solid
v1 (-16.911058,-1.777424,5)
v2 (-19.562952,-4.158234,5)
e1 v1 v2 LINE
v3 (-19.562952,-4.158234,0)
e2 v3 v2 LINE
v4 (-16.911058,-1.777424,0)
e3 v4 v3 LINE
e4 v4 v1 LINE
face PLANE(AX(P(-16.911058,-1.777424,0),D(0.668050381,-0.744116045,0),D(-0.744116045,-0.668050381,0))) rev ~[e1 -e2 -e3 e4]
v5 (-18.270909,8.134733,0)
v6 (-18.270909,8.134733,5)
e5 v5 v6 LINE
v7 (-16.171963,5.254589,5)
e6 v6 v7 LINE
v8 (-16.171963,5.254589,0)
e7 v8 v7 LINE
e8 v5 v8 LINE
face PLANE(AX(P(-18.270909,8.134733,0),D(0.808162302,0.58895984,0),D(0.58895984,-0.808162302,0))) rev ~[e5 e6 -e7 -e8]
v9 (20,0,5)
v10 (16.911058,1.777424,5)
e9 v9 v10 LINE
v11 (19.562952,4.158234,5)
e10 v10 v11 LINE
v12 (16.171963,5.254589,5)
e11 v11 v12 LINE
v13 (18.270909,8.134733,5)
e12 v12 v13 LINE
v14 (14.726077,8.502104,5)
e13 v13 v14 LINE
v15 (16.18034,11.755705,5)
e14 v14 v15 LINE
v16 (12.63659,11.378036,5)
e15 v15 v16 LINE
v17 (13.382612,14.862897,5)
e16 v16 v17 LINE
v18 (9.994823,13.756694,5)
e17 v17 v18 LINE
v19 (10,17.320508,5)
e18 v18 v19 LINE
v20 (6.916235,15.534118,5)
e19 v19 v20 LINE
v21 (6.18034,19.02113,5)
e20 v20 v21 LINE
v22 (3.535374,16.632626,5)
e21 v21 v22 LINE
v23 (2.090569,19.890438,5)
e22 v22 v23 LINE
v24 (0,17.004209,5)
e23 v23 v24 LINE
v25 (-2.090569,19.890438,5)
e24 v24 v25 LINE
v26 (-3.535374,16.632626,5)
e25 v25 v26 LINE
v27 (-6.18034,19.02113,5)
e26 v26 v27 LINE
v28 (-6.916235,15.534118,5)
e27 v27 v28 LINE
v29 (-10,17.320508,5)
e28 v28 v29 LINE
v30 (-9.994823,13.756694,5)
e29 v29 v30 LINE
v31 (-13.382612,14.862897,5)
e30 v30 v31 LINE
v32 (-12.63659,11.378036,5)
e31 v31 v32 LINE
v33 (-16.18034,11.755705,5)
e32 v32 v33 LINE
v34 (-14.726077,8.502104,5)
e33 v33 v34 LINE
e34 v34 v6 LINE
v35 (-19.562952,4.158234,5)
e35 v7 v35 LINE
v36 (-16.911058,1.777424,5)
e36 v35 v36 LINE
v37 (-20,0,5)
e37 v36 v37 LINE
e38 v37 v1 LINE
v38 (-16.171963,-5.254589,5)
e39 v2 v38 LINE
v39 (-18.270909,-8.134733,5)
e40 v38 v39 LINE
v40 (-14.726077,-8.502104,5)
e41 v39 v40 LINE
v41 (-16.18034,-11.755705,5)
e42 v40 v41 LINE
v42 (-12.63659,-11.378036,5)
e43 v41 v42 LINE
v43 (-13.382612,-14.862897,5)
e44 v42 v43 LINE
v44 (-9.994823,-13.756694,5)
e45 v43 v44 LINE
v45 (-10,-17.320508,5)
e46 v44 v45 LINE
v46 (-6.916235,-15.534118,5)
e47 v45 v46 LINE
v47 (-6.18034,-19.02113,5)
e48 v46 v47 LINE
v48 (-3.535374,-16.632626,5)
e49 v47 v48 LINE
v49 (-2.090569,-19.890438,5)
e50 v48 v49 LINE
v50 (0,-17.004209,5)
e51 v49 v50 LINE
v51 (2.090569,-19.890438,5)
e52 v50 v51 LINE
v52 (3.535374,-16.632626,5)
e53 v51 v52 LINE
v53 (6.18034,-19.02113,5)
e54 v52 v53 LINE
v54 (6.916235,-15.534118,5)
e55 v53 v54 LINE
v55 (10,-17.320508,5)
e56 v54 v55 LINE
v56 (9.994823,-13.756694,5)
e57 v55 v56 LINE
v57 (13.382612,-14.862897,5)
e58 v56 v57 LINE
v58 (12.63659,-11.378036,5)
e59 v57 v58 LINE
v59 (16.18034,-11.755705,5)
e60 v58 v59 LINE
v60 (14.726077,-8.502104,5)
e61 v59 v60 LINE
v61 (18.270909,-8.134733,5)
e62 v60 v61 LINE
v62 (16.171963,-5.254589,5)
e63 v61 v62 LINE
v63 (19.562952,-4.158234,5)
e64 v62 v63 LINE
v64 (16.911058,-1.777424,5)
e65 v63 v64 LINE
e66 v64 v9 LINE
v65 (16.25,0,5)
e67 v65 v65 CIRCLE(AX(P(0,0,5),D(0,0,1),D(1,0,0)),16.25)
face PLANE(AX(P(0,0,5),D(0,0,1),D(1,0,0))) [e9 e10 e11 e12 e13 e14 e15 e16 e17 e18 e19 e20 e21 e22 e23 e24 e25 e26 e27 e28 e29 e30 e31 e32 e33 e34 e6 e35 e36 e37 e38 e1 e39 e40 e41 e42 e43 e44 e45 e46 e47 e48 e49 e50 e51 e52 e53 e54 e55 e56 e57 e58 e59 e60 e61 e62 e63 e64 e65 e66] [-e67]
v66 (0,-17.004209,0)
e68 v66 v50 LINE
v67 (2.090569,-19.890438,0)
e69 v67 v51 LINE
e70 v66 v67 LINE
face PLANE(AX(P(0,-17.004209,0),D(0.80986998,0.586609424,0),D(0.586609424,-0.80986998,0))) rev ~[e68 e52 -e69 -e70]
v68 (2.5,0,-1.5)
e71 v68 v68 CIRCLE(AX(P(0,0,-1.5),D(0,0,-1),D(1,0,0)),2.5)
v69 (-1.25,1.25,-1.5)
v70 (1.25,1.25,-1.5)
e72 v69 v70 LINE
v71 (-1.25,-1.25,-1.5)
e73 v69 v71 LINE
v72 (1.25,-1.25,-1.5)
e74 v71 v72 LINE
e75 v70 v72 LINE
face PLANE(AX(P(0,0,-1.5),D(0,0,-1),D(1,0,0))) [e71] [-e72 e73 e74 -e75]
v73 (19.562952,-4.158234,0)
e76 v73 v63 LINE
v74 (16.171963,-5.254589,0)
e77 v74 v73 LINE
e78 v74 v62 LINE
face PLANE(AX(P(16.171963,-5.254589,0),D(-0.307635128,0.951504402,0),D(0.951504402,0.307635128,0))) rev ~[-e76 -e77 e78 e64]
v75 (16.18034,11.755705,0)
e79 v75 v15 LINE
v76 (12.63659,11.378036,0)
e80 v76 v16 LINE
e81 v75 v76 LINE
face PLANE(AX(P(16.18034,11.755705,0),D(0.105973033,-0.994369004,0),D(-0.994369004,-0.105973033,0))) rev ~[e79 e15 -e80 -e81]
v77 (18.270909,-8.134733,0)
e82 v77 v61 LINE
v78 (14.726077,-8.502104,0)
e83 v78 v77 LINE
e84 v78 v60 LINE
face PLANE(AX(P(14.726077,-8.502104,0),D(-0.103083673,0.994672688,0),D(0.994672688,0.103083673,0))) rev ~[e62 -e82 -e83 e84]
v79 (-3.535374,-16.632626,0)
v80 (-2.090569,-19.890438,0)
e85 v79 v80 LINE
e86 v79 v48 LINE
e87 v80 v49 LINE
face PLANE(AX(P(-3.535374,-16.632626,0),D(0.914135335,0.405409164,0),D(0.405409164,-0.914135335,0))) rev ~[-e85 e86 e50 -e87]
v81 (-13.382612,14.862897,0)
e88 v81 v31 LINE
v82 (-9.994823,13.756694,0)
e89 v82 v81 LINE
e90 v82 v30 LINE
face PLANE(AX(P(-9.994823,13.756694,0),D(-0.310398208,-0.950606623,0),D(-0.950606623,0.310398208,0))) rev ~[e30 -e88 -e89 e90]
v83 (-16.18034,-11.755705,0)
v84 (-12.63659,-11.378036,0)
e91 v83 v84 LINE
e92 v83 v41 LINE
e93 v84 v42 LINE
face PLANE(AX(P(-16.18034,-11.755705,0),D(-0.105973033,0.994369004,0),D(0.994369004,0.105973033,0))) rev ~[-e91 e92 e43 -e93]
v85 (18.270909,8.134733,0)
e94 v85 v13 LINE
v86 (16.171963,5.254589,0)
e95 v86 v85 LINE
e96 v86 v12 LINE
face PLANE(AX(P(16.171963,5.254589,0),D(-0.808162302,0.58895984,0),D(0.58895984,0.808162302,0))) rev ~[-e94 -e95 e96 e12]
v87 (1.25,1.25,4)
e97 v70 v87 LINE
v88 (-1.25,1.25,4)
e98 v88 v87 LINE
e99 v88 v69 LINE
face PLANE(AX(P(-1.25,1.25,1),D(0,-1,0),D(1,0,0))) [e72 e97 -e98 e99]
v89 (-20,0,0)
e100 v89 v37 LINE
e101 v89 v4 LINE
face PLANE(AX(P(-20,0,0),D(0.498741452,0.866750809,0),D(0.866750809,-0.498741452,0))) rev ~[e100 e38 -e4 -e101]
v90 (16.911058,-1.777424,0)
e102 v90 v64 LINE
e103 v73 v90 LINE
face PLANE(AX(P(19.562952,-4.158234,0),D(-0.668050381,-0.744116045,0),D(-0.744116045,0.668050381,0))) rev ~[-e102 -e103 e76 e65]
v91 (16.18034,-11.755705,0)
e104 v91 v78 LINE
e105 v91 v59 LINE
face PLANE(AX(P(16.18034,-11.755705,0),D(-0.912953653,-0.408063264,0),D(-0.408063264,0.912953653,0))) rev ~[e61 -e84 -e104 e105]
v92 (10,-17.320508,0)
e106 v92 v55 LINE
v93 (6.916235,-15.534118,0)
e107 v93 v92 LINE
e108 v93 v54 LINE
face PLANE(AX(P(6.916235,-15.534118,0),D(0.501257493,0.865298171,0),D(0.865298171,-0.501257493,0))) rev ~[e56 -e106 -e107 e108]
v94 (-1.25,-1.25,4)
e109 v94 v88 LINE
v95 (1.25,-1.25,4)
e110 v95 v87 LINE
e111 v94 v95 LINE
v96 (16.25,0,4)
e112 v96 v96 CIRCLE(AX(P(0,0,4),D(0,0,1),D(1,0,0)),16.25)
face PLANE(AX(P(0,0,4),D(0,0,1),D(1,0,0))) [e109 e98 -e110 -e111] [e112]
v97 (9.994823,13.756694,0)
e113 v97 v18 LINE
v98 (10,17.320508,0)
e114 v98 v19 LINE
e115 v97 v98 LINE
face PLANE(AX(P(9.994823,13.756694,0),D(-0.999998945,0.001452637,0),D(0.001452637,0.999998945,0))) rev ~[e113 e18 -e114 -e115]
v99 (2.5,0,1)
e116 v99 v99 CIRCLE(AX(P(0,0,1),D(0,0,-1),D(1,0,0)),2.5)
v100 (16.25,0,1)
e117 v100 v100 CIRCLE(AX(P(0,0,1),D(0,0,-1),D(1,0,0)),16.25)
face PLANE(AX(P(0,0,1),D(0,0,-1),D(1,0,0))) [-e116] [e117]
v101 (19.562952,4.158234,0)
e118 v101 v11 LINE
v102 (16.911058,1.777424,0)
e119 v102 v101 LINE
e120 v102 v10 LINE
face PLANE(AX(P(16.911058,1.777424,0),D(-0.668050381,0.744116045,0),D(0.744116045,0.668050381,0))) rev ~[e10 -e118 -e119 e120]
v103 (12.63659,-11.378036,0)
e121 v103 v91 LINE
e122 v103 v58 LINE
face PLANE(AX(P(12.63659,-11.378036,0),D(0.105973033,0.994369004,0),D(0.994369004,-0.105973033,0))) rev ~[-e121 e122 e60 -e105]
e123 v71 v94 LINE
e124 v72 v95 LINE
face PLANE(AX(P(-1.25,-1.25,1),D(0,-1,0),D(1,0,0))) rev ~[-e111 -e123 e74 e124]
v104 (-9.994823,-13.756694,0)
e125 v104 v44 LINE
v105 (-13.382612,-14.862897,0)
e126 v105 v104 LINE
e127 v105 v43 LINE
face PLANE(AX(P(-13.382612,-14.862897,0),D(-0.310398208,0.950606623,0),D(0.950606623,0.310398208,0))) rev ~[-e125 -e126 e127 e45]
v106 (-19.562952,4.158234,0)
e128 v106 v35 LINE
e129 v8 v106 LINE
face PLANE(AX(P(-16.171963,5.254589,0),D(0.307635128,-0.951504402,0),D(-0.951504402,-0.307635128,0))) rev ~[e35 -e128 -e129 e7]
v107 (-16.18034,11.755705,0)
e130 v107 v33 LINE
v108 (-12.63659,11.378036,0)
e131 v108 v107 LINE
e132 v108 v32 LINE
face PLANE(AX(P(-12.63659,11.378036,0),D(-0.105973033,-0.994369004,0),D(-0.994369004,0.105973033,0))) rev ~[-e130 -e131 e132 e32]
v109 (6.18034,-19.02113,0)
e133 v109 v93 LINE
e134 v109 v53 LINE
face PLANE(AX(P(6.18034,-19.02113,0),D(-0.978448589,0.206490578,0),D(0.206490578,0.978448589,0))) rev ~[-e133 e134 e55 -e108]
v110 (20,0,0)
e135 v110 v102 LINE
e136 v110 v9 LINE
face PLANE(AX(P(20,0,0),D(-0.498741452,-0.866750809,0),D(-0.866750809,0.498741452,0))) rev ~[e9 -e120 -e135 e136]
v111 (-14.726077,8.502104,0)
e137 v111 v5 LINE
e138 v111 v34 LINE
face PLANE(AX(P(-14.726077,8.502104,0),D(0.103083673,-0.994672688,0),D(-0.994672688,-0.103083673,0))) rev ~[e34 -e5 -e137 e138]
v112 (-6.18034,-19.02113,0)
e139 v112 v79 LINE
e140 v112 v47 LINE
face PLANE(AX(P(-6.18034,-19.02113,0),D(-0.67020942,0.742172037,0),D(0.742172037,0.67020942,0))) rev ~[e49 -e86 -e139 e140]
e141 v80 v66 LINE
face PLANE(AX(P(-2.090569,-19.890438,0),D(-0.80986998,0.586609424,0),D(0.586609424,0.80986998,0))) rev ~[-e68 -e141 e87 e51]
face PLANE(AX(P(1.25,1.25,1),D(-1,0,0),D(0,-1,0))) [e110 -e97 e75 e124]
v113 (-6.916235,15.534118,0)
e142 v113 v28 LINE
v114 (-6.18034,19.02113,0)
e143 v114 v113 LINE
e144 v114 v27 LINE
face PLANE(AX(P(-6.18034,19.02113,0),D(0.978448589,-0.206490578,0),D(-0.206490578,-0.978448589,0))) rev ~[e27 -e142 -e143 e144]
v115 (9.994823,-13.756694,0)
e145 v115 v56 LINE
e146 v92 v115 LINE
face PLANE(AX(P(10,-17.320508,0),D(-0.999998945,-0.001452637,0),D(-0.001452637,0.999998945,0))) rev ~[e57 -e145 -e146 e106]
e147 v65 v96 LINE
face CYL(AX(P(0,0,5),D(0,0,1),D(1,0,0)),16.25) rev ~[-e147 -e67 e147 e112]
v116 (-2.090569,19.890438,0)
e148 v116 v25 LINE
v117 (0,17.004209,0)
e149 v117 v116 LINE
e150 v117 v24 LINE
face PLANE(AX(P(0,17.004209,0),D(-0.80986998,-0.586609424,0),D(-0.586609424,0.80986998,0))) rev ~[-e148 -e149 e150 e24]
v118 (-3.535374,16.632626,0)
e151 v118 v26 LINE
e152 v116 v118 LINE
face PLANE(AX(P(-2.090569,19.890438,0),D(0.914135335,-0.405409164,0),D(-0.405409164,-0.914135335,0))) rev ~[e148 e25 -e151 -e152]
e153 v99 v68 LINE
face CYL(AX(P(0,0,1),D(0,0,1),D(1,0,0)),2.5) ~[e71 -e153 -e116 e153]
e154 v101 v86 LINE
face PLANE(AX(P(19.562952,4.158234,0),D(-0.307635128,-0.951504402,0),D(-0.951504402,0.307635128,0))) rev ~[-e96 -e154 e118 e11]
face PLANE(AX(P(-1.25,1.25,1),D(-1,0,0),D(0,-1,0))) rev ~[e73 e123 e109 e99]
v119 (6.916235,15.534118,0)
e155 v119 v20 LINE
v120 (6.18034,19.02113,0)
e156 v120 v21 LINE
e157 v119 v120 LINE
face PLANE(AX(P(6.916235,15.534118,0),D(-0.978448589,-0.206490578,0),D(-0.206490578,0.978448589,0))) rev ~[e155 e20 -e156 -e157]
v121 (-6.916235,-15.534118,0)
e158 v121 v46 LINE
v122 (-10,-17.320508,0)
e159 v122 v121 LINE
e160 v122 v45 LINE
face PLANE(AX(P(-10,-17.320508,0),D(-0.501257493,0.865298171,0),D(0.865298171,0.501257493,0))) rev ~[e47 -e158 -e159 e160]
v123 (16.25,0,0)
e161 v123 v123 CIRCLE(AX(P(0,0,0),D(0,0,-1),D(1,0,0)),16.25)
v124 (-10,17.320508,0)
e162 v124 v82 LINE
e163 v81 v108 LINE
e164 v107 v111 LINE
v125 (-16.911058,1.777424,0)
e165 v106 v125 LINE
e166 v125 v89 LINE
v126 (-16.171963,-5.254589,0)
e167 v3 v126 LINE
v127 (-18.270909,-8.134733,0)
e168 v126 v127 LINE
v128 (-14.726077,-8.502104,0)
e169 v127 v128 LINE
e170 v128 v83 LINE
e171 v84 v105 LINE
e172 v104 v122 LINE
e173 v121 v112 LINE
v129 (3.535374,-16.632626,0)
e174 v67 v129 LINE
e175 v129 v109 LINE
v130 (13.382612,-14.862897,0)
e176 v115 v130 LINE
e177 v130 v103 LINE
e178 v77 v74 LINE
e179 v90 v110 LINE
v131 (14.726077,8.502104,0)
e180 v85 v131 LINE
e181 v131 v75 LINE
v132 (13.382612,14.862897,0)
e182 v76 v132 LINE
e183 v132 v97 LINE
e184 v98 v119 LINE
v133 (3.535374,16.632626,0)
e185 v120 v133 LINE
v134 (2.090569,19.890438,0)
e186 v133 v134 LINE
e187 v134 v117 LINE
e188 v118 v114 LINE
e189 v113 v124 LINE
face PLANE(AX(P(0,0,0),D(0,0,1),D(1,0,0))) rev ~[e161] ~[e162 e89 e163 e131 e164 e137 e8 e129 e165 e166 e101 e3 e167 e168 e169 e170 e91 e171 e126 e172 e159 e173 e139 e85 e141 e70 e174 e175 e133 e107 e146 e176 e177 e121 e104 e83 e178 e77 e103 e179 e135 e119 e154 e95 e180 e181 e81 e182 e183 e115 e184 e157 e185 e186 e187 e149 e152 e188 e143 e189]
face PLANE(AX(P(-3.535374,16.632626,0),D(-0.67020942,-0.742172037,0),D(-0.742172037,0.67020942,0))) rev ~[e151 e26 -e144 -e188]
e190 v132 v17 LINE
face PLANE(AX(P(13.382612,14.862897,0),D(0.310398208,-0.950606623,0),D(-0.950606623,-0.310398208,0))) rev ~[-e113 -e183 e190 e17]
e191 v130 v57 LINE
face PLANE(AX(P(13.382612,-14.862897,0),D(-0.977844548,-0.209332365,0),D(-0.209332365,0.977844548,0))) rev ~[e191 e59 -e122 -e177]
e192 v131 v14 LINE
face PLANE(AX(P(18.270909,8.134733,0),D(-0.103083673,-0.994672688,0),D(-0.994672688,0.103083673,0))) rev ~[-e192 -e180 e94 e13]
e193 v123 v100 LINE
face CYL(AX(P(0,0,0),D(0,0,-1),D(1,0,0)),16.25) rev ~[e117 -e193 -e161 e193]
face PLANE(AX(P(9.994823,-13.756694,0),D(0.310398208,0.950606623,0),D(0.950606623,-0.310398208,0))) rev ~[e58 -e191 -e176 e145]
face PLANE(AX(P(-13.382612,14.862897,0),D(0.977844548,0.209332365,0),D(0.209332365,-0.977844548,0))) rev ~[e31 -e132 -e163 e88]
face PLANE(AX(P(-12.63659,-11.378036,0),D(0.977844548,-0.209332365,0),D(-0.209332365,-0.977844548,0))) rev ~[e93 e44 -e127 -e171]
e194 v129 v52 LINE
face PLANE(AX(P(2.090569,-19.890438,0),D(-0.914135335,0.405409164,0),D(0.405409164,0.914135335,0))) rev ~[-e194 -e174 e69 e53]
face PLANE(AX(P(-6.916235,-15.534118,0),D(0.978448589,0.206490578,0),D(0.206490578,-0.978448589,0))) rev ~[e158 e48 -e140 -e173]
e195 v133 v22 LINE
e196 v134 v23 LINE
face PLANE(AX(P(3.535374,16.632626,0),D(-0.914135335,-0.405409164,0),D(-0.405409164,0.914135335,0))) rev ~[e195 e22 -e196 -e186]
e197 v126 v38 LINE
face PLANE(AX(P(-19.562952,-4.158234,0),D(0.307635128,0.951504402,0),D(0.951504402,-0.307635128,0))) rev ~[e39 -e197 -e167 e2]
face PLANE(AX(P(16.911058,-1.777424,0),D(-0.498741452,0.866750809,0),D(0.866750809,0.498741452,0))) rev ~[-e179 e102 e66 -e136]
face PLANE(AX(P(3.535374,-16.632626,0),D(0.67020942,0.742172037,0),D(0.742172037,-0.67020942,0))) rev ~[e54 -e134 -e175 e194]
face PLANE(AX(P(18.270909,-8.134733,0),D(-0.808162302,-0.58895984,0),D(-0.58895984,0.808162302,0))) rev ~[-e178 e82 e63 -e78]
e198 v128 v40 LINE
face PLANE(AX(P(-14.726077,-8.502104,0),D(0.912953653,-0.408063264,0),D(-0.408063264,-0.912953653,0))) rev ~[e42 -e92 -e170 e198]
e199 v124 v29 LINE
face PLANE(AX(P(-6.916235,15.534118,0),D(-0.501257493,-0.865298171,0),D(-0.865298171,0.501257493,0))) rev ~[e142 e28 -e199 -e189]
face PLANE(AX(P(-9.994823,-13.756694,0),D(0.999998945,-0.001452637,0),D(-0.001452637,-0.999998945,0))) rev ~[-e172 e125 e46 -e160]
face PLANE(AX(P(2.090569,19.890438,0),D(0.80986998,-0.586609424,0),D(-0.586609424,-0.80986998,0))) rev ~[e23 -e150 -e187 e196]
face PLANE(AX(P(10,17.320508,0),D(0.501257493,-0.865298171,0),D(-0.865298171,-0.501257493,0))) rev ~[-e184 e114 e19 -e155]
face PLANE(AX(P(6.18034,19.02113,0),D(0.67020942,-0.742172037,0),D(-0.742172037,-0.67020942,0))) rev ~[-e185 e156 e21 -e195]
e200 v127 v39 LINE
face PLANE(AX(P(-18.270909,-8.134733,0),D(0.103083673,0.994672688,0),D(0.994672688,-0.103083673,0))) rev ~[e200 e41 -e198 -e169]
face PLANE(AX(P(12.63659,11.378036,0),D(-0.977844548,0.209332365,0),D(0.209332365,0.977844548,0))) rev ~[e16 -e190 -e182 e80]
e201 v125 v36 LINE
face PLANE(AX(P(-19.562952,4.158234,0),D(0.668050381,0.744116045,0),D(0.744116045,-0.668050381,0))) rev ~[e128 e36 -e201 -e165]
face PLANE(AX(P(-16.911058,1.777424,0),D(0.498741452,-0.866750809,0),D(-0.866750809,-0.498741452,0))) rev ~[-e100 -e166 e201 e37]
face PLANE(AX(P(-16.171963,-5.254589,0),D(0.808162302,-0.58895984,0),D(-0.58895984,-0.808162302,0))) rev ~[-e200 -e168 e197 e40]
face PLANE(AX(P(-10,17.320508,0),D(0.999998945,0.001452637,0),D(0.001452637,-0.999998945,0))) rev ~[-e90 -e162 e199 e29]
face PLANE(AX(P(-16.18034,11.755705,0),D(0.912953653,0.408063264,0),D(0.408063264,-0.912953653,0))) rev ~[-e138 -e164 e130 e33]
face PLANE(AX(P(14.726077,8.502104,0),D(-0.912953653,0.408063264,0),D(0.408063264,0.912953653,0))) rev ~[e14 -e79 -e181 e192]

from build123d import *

# Parameters (mm, degrees)
F0_W     = 2.5
F0_H     = 2.5
F1_DEPTH = 5
F2_R     = 16.25
F2_W     = 2.5
F2_H     = 2.5
F3_DEPTH = 1
F4_R     = 16.25
F4_W     = 2.5
F4_H     = 2.5
F5_DEPTH = 1
F6_R     = 2.5
F6_W     = 2.5
F6_H     = 2.5
F7_DEPTH = 2.5


with BuildPart() as f1:
    # F0 (on Top) → F1 (new body)
    with BuildSketch(Plane.XY):
        Polygon((16.9110578052, -1.7774237981), (20, 0), (16.9110578052, 1.7774237981), (19.5629520147, 4.1582338164), (16.1719634308, 5.2545894454), (18.2709091529, 8.1347328615), (14.7260766529, 8.5021043196), (16.1803398875, 11.7557050458), (12.6365896616, 11.3780364374), (13.3826121272, 14.8628965095), (9.9948230651, 13.7566937651), (10, 17.3205080757), (6.9162347401, 15.5341175632), (6.1803398875, 19.0211303259), (3.5353737692, 16.6326258829), (2.0905692654, 19.8904379074), (0, 17.0042086393), (-2.0905692654, 19.8904379074), (-3.5353737692, 16.6326258829), (-6.1803398875, 19.0211303259), (-6.9162347401, 15.5341175632), (-10, 17.3205080757), (-9.9948230651, 13.7566937651), (-13.3826121272, 14.8628965095), (-12.6365896616, 11.3780364374), (-16.1803398875, 11.7557050458), (-14.7260766529, 8.5021043196), (-18.2709091529, 8.1347328615), (-16.1719634308, 5.2545894454), (-19.5629520147, 4.1582338164), (-16.9110578052, 1.7774237981), (-20, 0), (-16.9110578052, -1.7774237981), (-19.5629520147, -4.1582338164), (-16.1719634308, -5.2545894454), (-18.2709091529, -8.1347328615), (-14.7260766529, -8.5021043196), (-16.1803398875, -11.7557050458), (-12.6365896616, -11.3780364374), (-13.3826121272, -14.8628965095), (-9.9948230651, -13.7566937651), (-10, -17.3205080757), (-6.9162347401, -15.5341175632), (-6.1803398875, -19.0211303259), (-3.5353737692, -16.6326258829), (-2.0905692654, -19.8904379074), (0, -17.0042086393), (2.0905692654, -19.8904379074), (3.5353737692, -16.6326258829), (6.1803398875, -19.0211303259), (6.9162347401, -15.5341175632), (10, -17.3205080757), (9.9948230651, -13.7566937651), (13.3826121272, -14.8628965095), (12.6365896616, -11.3780364374), (16.1803398875, -11.7557050458), (14.7260766529, -8.5021043196), (18.2709091529, -8.1347328615), (16.1719634308, -5.2545894454), (19.5629520147, -4.1582338164), align=None)
        Rectangle(F0_W, F0_H, mode=Mode.SUBTRACT)
    extrude(amount=F1_DEPTH)

    # F2 (on face) → F3 (cut)
    with BuildSketch(Plane(origin=(0, 0, 0), x_dir=(1, 0, 0), z_dir=(0, 0, -1))):
        Circle(F2_R)
        Rectangle(F2_W, F2_H, mode=Mode.SUBTRACT)
    extrude(amount=-F3_DEPTH, mode=Mode.SUBTRACT)

    # F4 (on face) → F5 (cut)
    with BuildSketch(Plane.XY.offset(5)):
        Circle(F4_R)
        Rectangle(F4_W, F4_H, mode=Mode.SUBTRACT)
    extrude(amount=-F5_DEPTH, mode=Mode.SUBTRACT)

    # F6 (on face) → F7 (join)
    with BuildSketch(Plane(origin=(0, 0, 1), x_dir=(1, 0, 0), z_dir=(0, 0, -1))):
        Circle(F6_R)
        Rectangle(F6_W, F6_H, mode=Mode.SUBTRACT)
    extrude(amount=F7_DEPTH)


solid = f1.part
